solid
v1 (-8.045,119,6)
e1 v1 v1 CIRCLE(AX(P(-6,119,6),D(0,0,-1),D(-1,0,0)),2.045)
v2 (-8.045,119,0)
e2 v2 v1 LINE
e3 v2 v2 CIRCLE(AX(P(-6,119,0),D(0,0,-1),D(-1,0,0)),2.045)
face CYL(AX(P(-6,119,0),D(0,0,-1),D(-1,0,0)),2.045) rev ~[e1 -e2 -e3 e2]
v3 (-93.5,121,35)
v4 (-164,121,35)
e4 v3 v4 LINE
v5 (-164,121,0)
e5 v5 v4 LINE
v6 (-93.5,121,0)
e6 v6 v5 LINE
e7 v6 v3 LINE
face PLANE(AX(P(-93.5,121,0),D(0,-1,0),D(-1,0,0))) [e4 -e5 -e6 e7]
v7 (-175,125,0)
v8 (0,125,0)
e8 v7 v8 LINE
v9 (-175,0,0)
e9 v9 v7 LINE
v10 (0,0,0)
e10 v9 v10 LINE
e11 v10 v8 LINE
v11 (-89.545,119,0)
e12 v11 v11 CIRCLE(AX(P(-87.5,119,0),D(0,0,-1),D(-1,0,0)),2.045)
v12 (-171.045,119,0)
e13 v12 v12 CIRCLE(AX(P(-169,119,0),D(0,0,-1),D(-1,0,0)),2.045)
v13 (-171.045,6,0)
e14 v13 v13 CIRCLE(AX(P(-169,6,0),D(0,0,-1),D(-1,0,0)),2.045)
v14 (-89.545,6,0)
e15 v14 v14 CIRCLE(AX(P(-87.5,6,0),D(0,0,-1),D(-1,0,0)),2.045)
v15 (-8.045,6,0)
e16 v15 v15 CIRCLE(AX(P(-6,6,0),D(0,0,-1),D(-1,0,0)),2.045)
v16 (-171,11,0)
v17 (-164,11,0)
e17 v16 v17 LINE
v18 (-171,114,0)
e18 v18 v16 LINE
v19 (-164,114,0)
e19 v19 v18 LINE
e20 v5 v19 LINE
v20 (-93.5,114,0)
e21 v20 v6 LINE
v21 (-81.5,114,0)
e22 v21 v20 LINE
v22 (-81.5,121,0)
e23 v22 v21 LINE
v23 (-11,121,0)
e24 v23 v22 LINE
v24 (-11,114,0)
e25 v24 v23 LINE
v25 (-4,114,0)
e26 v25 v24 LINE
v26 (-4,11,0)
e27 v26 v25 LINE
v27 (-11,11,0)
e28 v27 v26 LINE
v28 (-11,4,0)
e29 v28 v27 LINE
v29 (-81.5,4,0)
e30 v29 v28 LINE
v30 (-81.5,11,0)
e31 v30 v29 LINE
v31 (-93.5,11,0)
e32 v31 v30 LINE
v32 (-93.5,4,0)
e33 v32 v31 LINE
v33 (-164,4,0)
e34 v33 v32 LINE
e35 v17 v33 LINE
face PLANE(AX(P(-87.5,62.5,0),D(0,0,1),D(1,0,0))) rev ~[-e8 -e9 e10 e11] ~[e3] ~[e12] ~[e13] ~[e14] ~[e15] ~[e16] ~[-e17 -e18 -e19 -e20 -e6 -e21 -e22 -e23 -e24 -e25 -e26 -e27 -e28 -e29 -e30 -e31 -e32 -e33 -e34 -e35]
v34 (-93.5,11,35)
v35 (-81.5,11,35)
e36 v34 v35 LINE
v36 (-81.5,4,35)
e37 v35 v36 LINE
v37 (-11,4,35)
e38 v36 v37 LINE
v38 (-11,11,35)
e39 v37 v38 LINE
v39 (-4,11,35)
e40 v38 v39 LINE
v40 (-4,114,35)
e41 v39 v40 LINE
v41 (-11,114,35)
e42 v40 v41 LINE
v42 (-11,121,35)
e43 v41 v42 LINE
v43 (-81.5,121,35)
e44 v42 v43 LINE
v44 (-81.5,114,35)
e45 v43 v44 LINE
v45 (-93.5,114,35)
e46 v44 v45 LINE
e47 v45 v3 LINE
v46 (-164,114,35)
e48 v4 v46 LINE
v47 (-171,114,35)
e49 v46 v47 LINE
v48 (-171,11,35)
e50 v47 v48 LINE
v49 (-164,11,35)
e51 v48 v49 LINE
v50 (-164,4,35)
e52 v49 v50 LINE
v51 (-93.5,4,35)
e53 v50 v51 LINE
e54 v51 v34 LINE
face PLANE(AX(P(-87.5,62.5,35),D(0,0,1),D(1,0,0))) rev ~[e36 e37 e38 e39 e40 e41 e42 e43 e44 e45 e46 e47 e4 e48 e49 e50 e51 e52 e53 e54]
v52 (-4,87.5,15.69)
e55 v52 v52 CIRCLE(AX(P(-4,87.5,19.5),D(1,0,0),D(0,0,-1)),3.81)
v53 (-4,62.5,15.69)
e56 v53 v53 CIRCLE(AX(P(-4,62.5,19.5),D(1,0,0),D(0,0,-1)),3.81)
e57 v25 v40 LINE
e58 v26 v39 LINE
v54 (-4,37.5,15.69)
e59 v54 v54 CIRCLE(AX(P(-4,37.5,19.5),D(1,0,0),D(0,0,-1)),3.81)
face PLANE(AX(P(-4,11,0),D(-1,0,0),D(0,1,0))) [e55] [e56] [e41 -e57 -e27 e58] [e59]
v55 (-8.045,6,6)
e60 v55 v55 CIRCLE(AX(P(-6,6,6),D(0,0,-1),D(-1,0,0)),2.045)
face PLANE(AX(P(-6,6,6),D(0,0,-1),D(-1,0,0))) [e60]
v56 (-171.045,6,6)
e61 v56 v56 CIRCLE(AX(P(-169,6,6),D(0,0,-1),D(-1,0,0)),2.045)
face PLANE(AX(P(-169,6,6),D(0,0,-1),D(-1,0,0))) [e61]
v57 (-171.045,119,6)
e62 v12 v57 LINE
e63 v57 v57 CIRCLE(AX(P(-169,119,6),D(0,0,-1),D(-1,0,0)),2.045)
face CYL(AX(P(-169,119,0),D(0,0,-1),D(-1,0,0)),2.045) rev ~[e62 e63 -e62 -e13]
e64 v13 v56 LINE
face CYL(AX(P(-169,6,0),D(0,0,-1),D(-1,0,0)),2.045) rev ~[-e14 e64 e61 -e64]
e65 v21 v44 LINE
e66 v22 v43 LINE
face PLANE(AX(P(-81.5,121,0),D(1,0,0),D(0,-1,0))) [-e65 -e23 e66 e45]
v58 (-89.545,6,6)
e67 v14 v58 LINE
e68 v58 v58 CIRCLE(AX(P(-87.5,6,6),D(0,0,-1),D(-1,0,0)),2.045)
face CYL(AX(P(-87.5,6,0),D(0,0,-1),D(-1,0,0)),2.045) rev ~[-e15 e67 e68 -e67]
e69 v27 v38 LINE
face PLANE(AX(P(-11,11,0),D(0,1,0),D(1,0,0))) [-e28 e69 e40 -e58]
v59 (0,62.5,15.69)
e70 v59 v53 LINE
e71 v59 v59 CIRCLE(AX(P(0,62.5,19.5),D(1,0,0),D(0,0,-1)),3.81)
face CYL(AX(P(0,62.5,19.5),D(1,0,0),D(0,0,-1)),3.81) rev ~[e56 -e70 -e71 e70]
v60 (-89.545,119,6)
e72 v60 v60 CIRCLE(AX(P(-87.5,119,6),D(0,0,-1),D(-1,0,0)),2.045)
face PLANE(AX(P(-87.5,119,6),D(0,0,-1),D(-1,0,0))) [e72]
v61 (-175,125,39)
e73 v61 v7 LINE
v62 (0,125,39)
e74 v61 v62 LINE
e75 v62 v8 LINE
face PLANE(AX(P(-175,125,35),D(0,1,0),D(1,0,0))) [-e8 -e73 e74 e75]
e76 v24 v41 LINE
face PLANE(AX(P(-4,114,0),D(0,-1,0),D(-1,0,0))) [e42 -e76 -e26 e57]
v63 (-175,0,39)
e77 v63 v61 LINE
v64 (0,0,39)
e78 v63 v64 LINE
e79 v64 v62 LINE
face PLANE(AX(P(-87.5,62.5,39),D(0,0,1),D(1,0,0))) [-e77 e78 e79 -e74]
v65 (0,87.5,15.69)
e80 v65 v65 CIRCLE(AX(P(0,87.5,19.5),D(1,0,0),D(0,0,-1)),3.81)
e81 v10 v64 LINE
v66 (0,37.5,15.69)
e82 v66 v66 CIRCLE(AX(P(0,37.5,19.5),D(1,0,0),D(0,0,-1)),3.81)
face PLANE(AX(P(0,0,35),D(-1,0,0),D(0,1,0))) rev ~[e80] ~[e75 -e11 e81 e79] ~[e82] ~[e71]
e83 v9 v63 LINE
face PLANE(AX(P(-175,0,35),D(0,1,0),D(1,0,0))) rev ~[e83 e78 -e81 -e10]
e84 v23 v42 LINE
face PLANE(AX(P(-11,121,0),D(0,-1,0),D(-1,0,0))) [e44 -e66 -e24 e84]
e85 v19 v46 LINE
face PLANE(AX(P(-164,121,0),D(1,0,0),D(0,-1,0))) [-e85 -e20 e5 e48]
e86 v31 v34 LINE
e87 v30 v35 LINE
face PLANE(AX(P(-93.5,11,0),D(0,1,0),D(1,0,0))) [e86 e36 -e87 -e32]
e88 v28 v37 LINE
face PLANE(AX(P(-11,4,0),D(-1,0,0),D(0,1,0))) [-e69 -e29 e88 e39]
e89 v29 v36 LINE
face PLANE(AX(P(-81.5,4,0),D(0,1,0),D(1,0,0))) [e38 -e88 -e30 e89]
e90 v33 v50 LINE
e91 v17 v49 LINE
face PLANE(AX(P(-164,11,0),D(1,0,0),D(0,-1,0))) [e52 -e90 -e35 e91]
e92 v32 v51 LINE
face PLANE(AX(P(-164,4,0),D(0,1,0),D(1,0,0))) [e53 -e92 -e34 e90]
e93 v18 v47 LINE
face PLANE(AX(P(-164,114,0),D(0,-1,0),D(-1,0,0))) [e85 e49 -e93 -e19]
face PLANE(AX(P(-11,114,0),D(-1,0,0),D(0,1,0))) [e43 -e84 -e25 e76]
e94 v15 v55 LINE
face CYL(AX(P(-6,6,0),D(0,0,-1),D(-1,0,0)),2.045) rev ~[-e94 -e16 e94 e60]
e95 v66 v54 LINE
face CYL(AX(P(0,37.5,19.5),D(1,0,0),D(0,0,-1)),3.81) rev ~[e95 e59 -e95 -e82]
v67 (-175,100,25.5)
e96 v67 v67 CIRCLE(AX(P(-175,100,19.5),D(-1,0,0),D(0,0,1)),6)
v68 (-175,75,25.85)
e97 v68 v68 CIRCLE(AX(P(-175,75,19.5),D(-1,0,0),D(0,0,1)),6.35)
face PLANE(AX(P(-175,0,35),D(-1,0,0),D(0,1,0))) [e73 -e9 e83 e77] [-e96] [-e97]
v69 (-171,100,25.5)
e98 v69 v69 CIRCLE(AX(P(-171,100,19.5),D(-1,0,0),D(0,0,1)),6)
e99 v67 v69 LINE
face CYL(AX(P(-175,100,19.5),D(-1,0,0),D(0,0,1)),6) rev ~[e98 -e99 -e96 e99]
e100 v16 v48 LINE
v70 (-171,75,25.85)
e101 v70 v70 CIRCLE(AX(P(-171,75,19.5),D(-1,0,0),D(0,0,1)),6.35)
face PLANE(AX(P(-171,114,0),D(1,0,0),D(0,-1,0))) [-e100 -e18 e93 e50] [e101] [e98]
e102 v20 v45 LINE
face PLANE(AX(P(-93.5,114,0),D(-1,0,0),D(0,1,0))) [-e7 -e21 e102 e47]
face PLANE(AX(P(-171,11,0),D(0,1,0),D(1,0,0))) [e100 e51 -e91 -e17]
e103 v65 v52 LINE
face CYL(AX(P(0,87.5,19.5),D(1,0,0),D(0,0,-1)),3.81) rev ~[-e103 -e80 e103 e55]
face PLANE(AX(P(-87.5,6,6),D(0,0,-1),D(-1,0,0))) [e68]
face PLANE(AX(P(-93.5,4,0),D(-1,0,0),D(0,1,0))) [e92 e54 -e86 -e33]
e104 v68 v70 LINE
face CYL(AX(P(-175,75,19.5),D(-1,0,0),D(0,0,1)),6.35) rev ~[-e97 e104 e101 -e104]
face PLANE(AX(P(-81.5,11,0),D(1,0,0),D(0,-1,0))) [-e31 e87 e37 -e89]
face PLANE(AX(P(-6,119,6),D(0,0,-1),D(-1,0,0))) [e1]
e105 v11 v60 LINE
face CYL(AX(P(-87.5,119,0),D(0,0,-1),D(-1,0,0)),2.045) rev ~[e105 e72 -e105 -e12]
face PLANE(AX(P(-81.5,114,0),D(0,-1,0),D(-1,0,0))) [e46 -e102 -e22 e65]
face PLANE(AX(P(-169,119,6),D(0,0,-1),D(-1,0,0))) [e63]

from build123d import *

# Parameters (mm, degrees)
SKETCH1_W           = 175
SKETCH1_H           = 125
BOSS_EXTRUDE1_DEPTH = 35
SKETCH2_W           = 175
SKETCH2_H           = 125
BOSS_EXTRUDE2_DEPTH = 4
SKETCH3_R           = 2.045
CUT_EXTRUDE1_DEPTH  = 6
SKETCH4_R           = 3.81
CUT_EXTRUDE2_DEPTH  = 10
SKETCH5_R           = 6
SKETCH5_R_2         = 6.35
CUT_EXTRUDE3_DEPTH  = 10


with BuildPart() as part:
    # Sketch1 → Boss-Extrude1 (new body)
    with BuildSketch(Plane.XY):
        with Locations((-87.5, 62.5)):
            Rectangle(SKETCH1_W, SKETCH1_H)
        Polygon((-93.5, 121), (-164, 121), (-164, 114), (-171, 114), (-171, 11), (-164, 11), (-164, 4), (-93.5, 4), (-93.5, 11), (-81.5, 11), (-81.5, 4), (-11, 4), (-11, 11), (-4, 11), (-4, 114), (-11, 114), (-11, 121), (-81.5, 121), (-81.5, 114), (-93.5, 114), align=None, mode=Mode.SUBTRACT)
    extrude(amount=BOSS_EXTRUDE1_DEPTH)

    # Sketch2 → Boss-Extrude2 (add)
    with BuildSketch(Plane.XY.offset(35)):
        with Locations((-87.5, 62.5)):
            Rectangle(SKETCH2_W, SKETCH2_H)
    extrude(amount=BOSS_EXTRUDE2_DEPTH)

    # Sketch3 → Cut-Extrude1 (cut)
    with BuildSketch(Plane(origin=(0, 0, 0), x_dir=(-1, 0, 0), z_dir=(0, 0, -1))):
        with Locations((6, 119)):
            Circle(SKETCH3_R)
        with Locations((87.5, 119)):
            Circle(SKETCH3_R)
        with Locations((169, 119)):
            Circle(SKETCH3_R)
        with Locations((169, 6)):
            Circle(SKETCH3_R)
        with Locations((87.5, 6)):
            Circle(SKETCH3_R)
        with Locations((6, 6)):
            Circle(SKETCH3_R)
    extrude(amount=-CUT_EXTRUDE1_DEPTH, mode=Mode.SUBTRACT)

    # Sketch4 → Cut-Extrude2 (cut)
    with BuildSketch(Plane(origin=(0, 0, 0), x_dir=(0, 0, -1), z_dir=(1, 0, 0))):
        with Locations((-19.5, 87.5)):
            Circle(SKETCH4_R)
        with Locations((-19.5, 62.5)):
            Circle(SKETCH4_R)
        with Locations((-19.5, 37.5)):
            Circle(SKETCH4_R)
    extrude(amount=-CUT_EXTRUDE2_DEPTH, mode=Mode.SUBTRACT)

    # Sketch5 → Cut-Extrude3 (cut)
    with BuildSketch(Plane.ZY.offset(175)):
        with Locations((19.5, 100)):
            Circle(SKETCH5_R)
        with Locations((19.5, 75)):
            Circle(SKETCH5_R_2)
    extrude(amount=-CUT_EXTRUDE3_DEPTH, mode=Mode.SUBTRACT)


solid = part.part
